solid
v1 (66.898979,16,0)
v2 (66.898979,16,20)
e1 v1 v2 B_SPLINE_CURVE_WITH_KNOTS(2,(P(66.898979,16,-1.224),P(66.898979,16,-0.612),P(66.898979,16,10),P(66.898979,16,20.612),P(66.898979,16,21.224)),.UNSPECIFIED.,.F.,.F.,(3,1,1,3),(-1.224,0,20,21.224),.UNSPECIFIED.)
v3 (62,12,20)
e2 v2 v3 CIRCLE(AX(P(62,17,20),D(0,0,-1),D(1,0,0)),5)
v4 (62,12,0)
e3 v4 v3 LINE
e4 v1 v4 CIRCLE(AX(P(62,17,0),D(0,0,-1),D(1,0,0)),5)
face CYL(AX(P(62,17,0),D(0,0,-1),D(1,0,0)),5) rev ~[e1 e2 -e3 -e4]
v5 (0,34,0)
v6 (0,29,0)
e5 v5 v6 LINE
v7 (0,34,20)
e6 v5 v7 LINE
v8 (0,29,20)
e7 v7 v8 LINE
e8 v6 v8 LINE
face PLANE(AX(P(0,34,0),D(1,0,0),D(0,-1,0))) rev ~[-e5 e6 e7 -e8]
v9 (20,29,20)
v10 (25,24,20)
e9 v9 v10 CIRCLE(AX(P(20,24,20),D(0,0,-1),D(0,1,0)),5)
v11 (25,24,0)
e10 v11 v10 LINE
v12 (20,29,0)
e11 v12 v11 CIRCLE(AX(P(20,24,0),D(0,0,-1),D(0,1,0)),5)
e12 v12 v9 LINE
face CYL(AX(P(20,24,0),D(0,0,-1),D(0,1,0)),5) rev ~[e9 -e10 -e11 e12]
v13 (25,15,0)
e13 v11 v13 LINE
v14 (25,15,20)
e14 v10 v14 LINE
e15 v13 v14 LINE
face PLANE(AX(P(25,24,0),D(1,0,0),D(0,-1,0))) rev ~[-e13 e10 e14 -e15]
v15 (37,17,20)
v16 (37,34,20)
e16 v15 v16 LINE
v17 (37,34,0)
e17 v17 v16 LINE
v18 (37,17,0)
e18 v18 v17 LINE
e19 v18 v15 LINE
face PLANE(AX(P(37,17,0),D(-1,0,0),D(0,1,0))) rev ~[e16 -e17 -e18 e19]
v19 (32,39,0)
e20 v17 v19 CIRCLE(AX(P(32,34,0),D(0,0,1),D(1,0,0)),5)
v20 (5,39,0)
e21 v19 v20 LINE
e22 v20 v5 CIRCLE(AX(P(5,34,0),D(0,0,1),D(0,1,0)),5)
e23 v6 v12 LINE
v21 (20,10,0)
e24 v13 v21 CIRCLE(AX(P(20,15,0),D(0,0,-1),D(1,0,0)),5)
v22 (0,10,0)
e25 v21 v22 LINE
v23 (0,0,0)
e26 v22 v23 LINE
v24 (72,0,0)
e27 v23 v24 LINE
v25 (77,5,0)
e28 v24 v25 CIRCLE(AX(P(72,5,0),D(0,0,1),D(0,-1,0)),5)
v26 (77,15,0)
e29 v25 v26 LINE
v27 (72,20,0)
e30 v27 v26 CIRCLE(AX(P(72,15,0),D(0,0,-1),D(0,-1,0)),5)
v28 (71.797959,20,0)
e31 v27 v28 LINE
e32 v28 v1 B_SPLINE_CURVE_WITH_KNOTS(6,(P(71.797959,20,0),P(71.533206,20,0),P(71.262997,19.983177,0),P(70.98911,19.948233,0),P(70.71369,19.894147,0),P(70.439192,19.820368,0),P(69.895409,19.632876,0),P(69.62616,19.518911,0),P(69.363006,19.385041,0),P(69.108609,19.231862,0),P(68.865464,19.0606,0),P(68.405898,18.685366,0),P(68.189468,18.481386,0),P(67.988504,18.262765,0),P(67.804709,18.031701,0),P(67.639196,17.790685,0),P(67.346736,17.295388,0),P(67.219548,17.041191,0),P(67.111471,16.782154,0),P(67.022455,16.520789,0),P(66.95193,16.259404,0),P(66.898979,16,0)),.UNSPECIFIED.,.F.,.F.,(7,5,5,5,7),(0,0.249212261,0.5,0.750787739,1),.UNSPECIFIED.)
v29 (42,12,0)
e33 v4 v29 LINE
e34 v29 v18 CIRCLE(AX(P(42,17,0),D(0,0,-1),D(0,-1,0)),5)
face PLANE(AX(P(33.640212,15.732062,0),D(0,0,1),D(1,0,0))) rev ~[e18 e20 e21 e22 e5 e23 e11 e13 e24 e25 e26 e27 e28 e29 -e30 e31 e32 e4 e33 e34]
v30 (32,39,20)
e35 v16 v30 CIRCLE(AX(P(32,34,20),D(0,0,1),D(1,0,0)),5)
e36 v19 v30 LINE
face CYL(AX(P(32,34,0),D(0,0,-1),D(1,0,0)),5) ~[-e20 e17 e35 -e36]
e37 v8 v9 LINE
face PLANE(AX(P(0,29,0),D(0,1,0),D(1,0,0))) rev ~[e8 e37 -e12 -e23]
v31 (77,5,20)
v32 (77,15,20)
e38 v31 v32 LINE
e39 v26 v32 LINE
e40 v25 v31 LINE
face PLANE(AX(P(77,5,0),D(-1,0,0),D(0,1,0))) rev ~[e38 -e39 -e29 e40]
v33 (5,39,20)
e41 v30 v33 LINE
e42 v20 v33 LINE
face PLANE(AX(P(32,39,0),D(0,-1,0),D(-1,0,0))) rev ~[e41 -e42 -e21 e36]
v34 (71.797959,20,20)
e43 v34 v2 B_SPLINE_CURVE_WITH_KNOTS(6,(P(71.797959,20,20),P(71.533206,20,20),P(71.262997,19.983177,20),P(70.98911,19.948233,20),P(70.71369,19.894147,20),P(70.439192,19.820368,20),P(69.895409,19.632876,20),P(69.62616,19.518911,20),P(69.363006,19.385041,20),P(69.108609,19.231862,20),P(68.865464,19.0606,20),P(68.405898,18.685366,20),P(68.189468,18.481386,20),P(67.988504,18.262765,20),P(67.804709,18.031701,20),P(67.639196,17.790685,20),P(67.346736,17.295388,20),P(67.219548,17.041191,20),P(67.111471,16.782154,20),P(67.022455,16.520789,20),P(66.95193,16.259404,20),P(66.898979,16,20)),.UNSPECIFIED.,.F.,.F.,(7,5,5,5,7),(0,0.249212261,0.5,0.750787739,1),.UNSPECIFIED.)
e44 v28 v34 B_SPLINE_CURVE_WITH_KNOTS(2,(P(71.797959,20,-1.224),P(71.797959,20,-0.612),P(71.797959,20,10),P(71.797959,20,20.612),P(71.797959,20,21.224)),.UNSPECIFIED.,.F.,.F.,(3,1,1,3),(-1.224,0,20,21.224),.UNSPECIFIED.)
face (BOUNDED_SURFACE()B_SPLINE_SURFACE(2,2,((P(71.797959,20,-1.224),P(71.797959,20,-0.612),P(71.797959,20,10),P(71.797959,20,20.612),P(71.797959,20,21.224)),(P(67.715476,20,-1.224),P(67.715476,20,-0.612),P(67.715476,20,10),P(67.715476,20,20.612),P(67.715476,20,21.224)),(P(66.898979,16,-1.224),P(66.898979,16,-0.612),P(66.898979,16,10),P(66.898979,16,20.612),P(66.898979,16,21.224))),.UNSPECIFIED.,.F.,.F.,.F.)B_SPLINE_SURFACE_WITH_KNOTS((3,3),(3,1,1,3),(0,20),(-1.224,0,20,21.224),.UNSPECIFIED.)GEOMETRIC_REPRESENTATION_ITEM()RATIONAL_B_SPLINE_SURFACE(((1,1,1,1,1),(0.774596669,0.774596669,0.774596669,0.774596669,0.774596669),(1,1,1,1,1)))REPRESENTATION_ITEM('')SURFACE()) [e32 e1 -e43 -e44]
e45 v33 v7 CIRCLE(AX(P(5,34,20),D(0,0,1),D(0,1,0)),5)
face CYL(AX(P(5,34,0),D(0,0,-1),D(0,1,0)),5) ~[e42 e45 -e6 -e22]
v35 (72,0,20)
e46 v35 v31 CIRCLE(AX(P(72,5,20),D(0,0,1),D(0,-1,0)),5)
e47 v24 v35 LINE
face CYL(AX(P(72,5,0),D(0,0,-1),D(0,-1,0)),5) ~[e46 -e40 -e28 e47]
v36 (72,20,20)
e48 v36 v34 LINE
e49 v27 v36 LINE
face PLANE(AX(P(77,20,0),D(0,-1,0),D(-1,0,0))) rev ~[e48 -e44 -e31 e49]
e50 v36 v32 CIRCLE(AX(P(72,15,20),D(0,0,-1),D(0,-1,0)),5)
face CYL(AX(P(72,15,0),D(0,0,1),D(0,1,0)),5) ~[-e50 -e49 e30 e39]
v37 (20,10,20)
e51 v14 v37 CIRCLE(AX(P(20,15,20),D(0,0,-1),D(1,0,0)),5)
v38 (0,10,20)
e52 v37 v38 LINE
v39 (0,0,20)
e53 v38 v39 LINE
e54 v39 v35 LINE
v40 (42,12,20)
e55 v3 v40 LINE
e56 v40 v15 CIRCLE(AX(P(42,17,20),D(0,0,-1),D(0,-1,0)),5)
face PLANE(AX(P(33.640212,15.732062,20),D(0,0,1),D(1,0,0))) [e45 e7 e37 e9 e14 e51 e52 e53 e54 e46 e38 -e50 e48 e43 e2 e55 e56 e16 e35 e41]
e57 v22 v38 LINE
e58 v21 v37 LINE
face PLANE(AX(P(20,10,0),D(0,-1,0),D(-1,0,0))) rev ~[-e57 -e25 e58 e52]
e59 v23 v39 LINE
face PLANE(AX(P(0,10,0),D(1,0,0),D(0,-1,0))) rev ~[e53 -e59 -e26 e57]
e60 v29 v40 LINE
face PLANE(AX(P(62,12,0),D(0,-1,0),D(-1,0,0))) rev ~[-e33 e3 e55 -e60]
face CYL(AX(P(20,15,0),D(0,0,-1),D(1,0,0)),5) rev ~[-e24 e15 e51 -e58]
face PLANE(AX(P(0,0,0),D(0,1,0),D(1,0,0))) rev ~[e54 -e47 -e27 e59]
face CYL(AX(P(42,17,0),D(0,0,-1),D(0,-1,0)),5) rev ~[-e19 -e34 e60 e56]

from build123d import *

# Parameters (mm, degrees)
F1_DEPTH = 20
F2_R     = 5
F3_R     = 5
F4_ANGLE = 90


with BuildPart() as f1:
    # F0 (on Front) → F1 (new body)
    with BuildSketch(Plane.XZ):
        with BuildLine():
            Line((32, 39), (5, 39))
            ThreePointArc((5, 39), (1.4644660941, 37.5355339059), (0, 34))
            Line((0, 34), (0, 29))
            Line((0, 29), (20, 29))
            ThreePointArc((20, 29), (23.5355339059, 27.5355339059), (25, 24))
            Line((25, 24), (25, 15))
            ThreePointArc((25, 15), (23.5355339059, 11.4644660941), (20, 10))
            Line((20, 10), (0, 10))
            Line((0, 10), (0, 0))
            Line((0, 0), (72, 0))
            ThreePointArc((72, 0), (75.5355339059, 1.4644660941), (77, 5))
            Line((77, 5), (77, 20))
            Line((77, 20), (67, 20))
            Line((67, 20), (67, 17))
            ThreePointArc((67, 17), (65.5355339059, 13.4644660941), (62, 12))
            Line((62, 12), (42, 12))
            ThreePointArc((42, 12), (38.4644660941, 13.4644660941), (37, 17))
            Line((37, 17), (37, 34))
            ThreePointArc((37, 34), (35.5355339059, 37.5355339059), (32, 39))
        make_face()
    extrude(amount=F1_DEPTH)

    # F2
    f2_edges = [f1.edges().sort_by_distance(p)[0] for p in [
        (67, -10, 20),
    ]]
    fillet(f2_edges, radius=F2_R)

    # F3
    f3_edges = [f1.edges().sort_by_distance(p)[0] for p in [
        (77, -10, 20),
    ]]
    fillet(f3_edges, radius=F3_R)


with BuildPart() as f1_1:
    # F4: moved
    add(f1.part.rotate(Axis((36, 0, 0), (-1, 0, 0)), F4_ANGLE))


solid = f1_1.part
